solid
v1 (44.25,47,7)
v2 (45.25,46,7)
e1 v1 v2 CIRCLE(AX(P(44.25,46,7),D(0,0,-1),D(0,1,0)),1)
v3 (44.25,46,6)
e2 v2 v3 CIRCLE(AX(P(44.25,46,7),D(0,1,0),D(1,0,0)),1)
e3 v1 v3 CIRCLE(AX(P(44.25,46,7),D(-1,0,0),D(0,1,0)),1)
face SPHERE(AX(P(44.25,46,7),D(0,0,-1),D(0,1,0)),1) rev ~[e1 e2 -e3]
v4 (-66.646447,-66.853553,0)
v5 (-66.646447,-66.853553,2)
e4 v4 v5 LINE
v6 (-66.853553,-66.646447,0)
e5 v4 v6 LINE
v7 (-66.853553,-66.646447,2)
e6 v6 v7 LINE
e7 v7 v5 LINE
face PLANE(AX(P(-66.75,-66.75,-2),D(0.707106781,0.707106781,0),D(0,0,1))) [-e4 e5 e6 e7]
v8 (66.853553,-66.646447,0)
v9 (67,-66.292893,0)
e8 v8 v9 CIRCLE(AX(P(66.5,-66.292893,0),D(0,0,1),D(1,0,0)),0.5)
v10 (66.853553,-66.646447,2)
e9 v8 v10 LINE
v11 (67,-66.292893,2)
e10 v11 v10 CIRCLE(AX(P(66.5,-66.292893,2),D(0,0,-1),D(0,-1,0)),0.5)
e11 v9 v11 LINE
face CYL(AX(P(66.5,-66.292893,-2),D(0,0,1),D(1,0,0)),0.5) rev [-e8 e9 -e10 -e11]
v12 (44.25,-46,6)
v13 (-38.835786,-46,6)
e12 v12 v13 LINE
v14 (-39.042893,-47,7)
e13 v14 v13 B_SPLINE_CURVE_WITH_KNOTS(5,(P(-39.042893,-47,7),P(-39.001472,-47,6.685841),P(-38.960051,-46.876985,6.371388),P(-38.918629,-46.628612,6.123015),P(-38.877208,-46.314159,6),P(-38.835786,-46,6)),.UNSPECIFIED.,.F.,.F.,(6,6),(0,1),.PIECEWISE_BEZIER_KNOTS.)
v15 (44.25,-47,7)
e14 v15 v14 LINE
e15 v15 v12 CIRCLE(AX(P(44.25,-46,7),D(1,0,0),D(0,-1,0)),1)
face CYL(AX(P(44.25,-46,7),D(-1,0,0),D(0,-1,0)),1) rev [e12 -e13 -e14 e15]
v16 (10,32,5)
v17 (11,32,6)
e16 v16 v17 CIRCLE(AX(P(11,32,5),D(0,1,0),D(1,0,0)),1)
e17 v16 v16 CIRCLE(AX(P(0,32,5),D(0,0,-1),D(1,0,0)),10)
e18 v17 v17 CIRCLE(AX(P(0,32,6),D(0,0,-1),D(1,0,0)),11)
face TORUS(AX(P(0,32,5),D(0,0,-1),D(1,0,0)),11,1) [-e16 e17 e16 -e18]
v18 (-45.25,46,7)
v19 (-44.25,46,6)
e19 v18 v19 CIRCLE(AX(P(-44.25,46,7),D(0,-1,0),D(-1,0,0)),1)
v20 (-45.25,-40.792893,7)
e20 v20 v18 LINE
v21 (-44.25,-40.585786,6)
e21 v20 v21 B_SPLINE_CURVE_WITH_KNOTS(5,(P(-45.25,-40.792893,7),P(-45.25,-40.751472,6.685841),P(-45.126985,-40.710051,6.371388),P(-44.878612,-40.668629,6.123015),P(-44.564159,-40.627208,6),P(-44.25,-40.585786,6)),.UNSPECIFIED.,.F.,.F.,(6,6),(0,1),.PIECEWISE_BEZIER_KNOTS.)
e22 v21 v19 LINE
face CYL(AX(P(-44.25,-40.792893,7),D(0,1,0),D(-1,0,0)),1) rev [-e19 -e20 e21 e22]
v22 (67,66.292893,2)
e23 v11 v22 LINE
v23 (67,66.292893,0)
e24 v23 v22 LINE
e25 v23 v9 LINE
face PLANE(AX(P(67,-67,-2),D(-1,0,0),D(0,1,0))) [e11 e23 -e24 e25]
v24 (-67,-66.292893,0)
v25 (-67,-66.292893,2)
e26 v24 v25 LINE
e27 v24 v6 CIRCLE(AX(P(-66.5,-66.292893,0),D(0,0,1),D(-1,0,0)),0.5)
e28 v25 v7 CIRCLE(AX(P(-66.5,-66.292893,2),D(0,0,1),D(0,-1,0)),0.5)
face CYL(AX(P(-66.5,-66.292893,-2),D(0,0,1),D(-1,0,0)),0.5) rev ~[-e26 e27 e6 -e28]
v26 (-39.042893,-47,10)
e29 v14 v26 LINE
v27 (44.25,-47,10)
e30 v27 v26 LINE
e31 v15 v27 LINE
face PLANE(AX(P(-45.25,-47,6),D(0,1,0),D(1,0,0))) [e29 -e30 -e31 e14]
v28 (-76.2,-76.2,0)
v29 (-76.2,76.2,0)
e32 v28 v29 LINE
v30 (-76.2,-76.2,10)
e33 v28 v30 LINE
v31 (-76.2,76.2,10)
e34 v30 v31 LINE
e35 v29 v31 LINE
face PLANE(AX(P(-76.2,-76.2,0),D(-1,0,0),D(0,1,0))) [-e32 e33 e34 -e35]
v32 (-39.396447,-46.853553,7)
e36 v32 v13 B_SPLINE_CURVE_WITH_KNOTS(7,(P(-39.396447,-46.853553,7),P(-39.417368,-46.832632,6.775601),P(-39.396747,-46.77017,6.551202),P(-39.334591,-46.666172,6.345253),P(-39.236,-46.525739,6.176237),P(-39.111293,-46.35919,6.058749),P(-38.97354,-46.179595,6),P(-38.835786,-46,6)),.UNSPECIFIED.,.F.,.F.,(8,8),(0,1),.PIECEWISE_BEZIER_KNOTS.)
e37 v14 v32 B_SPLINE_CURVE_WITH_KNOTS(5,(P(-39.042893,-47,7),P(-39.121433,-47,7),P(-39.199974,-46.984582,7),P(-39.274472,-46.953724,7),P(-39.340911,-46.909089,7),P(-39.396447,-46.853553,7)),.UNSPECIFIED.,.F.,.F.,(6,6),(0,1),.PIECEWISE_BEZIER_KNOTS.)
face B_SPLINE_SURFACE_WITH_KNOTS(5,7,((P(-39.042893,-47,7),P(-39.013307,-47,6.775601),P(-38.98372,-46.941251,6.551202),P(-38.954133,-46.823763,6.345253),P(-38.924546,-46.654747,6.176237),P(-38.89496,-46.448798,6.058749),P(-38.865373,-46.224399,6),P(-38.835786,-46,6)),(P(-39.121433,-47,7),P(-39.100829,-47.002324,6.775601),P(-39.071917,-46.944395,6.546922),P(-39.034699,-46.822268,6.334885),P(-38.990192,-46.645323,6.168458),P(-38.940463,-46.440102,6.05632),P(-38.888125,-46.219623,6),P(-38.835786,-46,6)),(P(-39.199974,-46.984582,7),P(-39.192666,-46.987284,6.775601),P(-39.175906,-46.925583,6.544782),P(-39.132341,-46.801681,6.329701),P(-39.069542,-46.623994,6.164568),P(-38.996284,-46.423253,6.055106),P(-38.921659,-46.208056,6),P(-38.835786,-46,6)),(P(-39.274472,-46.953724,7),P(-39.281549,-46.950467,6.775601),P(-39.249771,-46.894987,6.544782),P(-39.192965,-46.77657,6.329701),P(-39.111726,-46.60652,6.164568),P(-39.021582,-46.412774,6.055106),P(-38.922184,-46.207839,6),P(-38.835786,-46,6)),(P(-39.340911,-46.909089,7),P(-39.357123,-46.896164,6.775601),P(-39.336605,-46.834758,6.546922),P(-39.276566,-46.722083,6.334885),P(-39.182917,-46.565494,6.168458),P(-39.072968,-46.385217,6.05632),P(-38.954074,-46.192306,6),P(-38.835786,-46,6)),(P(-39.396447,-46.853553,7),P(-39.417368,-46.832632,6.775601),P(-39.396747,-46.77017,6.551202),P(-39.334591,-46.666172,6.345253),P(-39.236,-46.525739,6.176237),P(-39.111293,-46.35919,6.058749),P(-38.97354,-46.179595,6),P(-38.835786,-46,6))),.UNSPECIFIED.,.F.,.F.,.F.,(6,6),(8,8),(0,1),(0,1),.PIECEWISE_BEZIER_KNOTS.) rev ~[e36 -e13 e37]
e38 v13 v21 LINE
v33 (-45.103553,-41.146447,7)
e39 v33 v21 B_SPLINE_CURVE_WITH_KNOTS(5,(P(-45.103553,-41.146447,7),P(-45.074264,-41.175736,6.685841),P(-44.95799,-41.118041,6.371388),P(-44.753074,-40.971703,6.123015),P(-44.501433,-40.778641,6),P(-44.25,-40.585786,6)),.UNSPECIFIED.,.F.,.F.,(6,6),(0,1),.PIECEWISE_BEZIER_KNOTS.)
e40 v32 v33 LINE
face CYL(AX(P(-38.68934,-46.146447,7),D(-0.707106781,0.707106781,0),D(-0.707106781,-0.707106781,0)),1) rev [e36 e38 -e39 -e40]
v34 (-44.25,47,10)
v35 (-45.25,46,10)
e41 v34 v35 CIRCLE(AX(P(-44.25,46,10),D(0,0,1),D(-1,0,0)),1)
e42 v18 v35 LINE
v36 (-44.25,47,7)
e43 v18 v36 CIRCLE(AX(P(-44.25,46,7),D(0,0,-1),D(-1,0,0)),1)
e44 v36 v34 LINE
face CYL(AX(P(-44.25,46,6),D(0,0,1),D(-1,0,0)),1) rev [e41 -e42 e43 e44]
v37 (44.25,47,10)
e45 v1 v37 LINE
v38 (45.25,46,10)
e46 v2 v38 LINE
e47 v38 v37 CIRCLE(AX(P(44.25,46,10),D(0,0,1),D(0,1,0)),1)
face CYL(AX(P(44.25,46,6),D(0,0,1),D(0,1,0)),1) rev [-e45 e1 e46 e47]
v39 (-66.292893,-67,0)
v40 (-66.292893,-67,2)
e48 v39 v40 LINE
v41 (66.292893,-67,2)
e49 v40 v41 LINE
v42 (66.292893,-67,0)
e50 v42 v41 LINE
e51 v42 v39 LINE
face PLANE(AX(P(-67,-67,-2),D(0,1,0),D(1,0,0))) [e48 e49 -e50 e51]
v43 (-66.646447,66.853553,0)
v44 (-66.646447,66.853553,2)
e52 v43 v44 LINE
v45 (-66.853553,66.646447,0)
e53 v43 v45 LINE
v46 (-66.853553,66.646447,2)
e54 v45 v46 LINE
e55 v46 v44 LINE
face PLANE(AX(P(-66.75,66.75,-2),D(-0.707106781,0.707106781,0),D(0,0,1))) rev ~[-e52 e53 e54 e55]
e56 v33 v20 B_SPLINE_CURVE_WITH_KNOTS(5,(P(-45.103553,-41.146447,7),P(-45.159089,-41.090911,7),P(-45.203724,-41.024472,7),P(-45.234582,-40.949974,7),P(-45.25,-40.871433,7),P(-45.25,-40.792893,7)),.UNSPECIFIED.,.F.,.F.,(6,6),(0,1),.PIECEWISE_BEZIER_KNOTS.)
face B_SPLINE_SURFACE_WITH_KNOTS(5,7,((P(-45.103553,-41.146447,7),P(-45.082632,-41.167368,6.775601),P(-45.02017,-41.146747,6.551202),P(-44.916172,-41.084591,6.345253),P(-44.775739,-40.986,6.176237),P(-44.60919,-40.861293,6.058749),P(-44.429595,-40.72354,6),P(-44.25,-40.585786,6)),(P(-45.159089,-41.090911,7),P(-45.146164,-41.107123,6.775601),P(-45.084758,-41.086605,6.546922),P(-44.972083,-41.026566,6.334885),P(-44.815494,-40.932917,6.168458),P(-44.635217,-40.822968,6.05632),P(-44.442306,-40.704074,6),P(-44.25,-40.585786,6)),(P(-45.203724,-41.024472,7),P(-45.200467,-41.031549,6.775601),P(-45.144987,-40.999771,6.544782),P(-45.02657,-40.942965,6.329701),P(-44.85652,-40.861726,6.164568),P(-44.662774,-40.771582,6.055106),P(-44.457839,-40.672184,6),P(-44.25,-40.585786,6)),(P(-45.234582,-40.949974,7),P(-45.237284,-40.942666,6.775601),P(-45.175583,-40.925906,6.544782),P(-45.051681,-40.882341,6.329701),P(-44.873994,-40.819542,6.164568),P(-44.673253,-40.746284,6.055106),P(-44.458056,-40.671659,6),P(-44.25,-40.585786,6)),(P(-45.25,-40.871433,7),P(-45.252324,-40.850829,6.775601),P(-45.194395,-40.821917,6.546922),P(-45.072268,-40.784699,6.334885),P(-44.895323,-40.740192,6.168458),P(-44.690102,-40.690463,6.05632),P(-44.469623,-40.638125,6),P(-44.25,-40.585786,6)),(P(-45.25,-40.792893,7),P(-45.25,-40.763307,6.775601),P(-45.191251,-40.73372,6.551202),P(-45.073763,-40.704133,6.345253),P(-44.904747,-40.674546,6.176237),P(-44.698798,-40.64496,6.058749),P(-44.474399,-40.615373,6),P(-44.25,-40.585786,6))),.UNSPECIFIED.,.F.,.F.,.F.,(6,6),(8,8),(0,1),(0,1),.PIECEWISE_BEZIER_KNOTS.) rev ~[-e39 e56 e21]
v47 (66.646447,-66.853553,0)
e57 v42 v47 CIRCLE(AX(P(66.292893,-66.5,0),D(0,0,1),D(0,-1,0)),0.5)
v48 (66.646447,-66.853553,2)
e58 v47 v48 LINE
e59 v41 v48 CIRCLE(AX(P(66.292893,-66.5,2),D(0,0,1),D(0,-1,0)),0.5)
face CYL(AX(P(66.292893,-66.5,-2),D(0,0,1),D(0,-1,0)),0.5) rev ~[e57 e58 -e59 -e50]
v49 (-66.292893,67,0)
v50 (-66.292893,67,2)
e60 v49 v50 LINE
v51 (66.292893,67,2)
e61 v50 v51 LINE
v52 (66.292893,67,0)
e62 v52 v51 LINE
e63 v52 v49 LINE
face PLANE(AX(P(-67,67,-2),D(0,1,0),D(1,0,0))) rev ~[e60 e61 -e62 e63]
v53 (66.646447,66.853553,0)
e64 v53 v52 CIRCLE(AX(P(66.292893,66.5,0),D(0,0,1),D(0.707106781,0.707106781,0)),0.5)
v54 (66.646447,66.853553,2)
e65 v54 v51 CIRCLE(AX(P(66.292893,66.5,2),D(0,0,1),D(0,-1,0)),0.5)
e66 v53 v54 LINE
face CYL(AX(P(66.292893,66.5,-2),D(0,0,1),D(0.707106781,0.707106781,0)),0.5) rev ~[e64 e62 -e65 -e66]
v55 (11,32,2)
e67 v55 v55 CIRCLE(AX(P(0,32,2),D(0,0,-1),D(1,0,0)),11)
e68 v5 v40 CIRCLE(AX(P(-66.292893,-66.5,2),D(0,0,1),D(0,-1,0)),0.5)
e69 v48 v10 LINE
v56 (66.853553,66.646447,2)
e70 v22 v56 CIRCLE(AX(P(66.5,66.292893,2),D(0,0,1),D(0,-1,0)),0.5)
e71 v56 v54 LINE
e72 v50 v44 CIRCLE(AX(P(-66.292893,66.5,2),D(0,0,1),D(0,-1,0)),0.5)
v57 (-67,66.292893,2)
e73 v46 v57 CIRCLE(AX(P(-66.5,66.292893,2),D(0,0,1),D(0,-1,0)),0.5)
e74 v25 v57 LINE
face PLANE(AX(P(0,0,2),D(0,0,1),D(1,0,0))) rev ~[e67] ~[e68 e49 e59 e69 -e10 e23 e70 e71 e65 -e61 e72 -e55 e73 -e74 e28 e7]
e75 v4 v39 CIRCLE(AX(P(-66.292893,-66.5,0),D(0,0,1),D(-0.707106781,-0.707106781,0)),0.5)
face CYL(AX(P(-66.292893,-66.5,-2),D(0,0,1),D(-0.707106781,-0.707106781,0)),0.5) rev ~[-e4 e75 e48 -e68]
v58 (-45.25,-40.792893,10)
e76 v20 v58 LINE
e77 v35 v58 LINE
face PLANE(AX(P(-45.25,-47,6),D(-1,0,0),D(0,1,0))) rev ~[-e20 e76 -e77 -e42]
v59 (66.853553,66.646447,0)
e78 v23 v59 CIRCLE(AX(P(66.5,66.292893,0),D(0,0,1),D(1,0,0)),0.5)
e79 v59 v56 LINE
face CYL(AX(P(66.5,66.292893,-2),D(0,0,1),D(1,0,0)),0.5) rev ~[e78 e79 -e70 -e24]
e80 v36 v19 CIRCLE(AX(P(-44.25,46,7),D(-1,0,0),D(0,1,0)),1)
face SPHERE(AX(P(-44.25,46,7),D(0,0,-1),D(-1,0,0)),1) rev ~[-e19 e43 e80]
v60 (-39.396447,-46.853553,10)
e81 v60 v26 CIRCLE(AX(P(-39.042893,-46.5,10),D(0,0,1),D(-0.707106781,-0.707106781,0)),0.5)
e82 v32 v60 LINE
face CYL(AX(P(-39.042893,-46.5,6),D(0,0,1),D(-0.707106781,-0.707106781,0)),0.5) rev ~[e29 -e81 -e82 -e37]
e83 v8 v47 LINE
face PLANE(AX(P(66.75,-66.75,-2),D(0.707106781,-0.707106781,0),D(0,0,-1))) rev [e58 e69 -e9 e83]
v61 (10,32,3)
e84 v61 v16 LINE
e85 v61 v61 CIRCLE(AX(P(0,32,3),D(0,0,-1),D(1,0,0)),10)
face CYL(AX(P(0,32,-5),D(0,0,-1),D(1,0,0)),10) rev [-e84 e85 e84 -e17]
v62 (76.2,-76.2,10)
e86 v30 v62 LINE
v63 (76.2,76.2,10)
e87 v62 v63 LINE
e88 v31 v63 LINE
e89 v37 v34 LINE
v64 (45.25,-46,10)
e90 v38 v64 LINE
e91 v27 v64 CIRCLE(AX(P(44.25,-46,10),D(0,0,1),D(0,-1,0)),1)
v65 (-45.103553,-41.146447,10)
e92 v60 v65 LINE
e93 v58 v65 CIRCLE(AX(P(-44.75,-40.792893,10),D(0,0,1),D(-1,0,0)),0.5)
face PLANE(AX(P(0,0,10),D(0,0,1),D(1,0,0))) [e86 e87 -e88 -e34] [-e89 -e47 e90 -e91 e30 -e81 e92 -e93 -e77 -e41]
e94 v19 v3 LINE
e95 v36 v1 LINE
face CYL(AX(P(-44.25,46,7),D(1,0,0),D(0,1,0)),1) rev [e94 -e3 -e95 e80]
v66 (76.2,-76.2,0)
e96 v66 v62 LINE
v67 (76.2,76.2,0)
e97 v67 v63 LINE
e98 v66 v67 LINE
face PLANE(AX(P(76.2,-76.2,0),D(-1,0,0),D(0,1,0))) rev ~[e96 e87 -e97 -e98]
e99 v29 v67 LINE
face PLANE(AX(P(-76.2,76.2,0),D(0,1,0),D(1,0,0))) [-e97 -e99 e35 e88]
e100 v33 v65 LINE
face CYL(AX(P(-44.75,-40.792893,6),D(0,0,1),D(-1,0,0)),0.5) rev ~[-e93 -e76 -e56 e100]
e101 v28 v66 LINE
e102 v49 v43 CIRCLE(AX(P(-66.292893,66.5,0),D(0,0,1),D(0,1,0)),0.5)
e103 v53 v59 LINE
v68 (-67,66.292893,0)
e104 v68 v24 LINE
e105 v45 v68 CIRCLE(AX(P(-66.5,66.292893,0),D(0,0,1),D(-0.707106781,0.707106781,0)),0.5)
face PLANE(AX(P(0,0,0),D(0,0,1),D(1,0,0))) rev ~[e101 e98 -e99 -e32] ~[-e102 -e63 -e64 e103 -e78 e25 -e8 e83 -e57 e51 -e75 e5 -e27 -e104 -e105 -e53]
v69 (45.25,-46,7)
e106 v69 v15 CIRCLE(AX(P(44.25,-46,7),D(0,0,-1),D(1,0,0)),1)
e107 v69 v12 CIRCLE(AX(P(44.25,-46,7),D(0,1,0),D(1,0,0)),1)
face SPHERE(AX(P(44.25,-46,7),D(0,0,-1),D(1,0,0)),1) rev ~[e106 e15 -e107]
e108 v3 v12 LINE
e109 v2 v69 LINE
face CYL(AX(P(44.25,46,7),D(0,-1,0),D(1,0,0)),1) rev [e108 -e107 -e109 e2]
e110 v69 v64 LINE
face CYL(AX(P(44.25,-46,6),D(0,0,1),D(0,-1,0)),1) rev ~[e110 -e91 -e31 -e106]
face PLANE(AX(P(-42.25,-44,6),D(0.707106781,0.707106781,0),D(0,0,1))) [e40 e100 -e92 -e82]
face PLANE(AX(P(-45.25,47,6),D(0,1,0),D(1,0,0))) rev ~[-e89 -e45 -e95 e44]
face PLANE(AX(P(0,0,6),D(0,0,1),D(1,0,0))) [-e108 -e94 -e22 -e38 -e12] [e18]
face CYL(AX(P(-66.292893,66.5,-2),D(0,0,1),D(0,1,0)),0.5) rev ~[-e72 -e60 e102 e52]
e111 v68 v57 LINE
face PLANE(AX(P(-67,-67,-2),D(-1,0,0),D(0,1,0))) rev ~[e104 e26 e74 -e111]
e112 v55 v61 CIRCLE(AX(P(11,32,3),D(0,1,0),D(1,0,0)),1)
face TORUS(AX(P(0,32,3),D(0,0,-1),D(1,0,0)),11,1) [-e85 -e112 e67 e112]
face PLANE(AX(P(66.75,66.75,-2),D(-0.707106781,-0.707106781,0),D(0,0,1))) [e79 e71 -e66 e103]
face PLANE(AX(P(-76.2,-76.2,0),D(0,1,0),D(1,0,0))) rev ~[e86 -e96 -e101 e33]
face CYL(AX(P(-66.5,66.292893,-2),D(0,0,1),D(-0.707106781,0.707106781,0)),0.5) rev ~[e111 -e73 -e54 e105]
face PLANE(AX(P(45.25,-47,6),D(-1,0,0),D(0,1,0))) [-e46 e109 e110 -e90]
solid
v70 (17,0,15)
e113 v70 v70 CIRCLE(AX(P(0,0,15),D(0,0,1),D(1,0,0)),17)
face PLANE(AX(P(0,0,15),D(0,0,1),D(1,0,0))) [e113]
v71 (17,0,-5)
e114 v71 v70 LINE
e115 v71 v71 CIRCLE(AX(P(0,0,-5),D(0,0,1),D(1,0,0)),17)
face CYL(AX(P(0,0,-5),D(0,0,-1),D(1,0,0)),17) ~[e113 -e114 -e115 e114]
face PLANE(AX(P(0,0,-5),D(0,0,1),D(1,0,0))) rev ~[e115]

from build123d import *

# Parameters (mm, degrees)
BOX001_W          = 90.5
BOX001_H          = 94
BOX001_DEPTH      = 8
CHAMFER_SIZE      = 6
FILLET_R          = 1
FILLET001_R       = 0.5
FILLET002_R       = 1
BOX002_W          = 134
BOX002_H          = 134
BOX002_DEPTH      = 4
CHAMFER001_SIZE   = 0.5
FILLET003_R       = 0.5
FILLET004_R       = 0.5
FILLET005_R       = 0.5
FILLET006_R       = 0.5
CYLINDER_R        = 10
CYLINDER_DEPTH    = 20
BOX_W             = 152.4
BOX_H             = 152.4
BOX_DEPTH         = 10
FILLET007_R       = 1
CYLINDER001_R     = 17
CYLINDER001_DEPTH = 20


with BuildPart() as body:
    # Box001 → Box001 (join)
    with BuildSketch(Plane(origin=(-45.25, -47, 6), x_dir=(1, 0, 0), z_dir=(0, 0, 1))):
        with Locations((45.25, 47)):
            Rectangle(BOX001_W, BOX001_H)
    extrude(amount=BOX001_DEPTH)

    # Chamfer
    chamfer_edges = [body.edges().sort_by_distance(p)[0] for p in [
        (-45.25, -47, 10),
    ]]
    chamfer(chamfer_edges, length=CHAMFER_SIZE)

    # Fillet
    fillet_edges = [body.edges().sort_by_distance(p)[0] for p in [
        (45.25, 47, 10),
        (-45.25, 47, 10),
        (45.25, -47, 10),
    ]]
    fillet(fillet_edges, radius=FILLET_R)

    # Fillet001
    fillet001_edges = [body.edges().sort_by_distance(p)[0] for p in [
        (-45.25, -41, 10),
        (-39.25, -47, 10),
    ]]
    fillet(fillet001_edges, radius=FILLET001_R)

    # Fillet002
    fillet002_edges = [body.edges().sort_by_distance(p)[0] for p in [
        (-45.25, 2.603553, 6),
        (-45.21194, -40.984235, 6),
        (-42.25, -44, 6),
        (2.603553, -47, 6),
        (-39.234235, -46.96194, 6),
        (44.957107, -46.707107, 6),
        (45.25, 0, 6),
        (44.957107, 46.707107, 6),
        (0, 47, 6),
        (-44.957107, 46.707107, 6),
    ]]
    fillet(fillet002_edges, radius=FILLET002_R)


with BuildPart() as body002:
    # Box002 → Box002 (join)
    with BuildSketch(Plane(origin=(-67, -67, -2), x_dir=(1, 0, 0), z_dir=(0, 0, 1))):
        with Locations((67, 67)):
            Rectangle(BOX002_W, BOX002_H)
    extrude(amount=BOX002_DEPTH)

    # Chamfer001
    chamfer001_edges = [body002.edges().sort_by_distance(p)[0] for p in [
        (-67, -67, 0),
        (-67, 67, 0),
        (67, 67, 0),
        (67, -67, 0),
    ]]
    chamfer(chamfer001_edges, length=CHAMFER001_SIZE)

    # Fillet003
    fillet003_edges = [body002.edges().sort_by_distance(p)[0] for p in [
        (-66.5, -67, 0),
        (-67, -66.5, 0),
    ]]
    fillet(fillet003_edges, radius=FILLET003_R)

    # Fillet004
    fillet004_edges = [body002.edges().sort_by_distance(p)[0] for p in [
        (67, -66.5, 0),
        (66.5, -67, 0),
    ]]
    fillet(fillet004_edges, radius=FILLET004_R)

    # Fillet005
    fillet005_edges = [body002.edges().sort_by_distance(p)[0] for p in [
        (67, 66.5, 0),
        (66.5, 67, 0),
    ]]
    fillet(fillet005_edges, radius=FILLET005_R)

    # Fillet006
    fillet006_edges = [body002.edges().sort_by_distance(p)[0] for p in [
        (-67, 66.5, 0),
        (-66.5, 67, 0),
    ]]
    fillet(fillet006_edges, radius=FILLET006_R)


with BuildPart() as body004:
    # Cylinder → Cylinder (join)
    with BuildSketch(Plane(origin=(0, 32, -5), x_dir=(1, 0, 0), z_dir=(0, 0, 1))):
        Circle(CYLINDER_R)
    extrude(amount=CYLINDER_DEPTH)


with BuildPart() as base:
    # Box → Box (join)
    with BuildSketch(Plane(origin=(-76.2, -76.2, 0), x_dir=(1, 0, 0), z_dir=(0, 0, 1))):
        with Locations((76.2, 76.2)):
            Rectangle(BOX_W, BOX_H)
    extrude(amount=BOX_DEPTH)

    # Boolean: cut Body
    add(body.part, mode=Mode.SUBTRACT)

    # Boolean001: cut Body002, Body004
    add(body002.part, mode=Mode.SUBTRACT)
    add(body004.part, mode=Mode.SUBTRACT)

    # Fillet007
    fillet007_edges = [base.edges().sort_by_distance(p)[0] for p in [
        (-10, 32, 2),
        (10, 32, 4),
        (-10, 32, 6),
    ]]
    fillet(fillet007_edges, radius=FILLET007_R)


with BuildPart() as body005:
    # Cylinder001 → Cylinder001 (join)
    with BuildSketch(Plane.XY.offset(-5)):
        Circle(CYLINDER001_R)
    extrude(amount=CYLINDER001_DEPTH)


solid = Compound([base.part, body005.part])
